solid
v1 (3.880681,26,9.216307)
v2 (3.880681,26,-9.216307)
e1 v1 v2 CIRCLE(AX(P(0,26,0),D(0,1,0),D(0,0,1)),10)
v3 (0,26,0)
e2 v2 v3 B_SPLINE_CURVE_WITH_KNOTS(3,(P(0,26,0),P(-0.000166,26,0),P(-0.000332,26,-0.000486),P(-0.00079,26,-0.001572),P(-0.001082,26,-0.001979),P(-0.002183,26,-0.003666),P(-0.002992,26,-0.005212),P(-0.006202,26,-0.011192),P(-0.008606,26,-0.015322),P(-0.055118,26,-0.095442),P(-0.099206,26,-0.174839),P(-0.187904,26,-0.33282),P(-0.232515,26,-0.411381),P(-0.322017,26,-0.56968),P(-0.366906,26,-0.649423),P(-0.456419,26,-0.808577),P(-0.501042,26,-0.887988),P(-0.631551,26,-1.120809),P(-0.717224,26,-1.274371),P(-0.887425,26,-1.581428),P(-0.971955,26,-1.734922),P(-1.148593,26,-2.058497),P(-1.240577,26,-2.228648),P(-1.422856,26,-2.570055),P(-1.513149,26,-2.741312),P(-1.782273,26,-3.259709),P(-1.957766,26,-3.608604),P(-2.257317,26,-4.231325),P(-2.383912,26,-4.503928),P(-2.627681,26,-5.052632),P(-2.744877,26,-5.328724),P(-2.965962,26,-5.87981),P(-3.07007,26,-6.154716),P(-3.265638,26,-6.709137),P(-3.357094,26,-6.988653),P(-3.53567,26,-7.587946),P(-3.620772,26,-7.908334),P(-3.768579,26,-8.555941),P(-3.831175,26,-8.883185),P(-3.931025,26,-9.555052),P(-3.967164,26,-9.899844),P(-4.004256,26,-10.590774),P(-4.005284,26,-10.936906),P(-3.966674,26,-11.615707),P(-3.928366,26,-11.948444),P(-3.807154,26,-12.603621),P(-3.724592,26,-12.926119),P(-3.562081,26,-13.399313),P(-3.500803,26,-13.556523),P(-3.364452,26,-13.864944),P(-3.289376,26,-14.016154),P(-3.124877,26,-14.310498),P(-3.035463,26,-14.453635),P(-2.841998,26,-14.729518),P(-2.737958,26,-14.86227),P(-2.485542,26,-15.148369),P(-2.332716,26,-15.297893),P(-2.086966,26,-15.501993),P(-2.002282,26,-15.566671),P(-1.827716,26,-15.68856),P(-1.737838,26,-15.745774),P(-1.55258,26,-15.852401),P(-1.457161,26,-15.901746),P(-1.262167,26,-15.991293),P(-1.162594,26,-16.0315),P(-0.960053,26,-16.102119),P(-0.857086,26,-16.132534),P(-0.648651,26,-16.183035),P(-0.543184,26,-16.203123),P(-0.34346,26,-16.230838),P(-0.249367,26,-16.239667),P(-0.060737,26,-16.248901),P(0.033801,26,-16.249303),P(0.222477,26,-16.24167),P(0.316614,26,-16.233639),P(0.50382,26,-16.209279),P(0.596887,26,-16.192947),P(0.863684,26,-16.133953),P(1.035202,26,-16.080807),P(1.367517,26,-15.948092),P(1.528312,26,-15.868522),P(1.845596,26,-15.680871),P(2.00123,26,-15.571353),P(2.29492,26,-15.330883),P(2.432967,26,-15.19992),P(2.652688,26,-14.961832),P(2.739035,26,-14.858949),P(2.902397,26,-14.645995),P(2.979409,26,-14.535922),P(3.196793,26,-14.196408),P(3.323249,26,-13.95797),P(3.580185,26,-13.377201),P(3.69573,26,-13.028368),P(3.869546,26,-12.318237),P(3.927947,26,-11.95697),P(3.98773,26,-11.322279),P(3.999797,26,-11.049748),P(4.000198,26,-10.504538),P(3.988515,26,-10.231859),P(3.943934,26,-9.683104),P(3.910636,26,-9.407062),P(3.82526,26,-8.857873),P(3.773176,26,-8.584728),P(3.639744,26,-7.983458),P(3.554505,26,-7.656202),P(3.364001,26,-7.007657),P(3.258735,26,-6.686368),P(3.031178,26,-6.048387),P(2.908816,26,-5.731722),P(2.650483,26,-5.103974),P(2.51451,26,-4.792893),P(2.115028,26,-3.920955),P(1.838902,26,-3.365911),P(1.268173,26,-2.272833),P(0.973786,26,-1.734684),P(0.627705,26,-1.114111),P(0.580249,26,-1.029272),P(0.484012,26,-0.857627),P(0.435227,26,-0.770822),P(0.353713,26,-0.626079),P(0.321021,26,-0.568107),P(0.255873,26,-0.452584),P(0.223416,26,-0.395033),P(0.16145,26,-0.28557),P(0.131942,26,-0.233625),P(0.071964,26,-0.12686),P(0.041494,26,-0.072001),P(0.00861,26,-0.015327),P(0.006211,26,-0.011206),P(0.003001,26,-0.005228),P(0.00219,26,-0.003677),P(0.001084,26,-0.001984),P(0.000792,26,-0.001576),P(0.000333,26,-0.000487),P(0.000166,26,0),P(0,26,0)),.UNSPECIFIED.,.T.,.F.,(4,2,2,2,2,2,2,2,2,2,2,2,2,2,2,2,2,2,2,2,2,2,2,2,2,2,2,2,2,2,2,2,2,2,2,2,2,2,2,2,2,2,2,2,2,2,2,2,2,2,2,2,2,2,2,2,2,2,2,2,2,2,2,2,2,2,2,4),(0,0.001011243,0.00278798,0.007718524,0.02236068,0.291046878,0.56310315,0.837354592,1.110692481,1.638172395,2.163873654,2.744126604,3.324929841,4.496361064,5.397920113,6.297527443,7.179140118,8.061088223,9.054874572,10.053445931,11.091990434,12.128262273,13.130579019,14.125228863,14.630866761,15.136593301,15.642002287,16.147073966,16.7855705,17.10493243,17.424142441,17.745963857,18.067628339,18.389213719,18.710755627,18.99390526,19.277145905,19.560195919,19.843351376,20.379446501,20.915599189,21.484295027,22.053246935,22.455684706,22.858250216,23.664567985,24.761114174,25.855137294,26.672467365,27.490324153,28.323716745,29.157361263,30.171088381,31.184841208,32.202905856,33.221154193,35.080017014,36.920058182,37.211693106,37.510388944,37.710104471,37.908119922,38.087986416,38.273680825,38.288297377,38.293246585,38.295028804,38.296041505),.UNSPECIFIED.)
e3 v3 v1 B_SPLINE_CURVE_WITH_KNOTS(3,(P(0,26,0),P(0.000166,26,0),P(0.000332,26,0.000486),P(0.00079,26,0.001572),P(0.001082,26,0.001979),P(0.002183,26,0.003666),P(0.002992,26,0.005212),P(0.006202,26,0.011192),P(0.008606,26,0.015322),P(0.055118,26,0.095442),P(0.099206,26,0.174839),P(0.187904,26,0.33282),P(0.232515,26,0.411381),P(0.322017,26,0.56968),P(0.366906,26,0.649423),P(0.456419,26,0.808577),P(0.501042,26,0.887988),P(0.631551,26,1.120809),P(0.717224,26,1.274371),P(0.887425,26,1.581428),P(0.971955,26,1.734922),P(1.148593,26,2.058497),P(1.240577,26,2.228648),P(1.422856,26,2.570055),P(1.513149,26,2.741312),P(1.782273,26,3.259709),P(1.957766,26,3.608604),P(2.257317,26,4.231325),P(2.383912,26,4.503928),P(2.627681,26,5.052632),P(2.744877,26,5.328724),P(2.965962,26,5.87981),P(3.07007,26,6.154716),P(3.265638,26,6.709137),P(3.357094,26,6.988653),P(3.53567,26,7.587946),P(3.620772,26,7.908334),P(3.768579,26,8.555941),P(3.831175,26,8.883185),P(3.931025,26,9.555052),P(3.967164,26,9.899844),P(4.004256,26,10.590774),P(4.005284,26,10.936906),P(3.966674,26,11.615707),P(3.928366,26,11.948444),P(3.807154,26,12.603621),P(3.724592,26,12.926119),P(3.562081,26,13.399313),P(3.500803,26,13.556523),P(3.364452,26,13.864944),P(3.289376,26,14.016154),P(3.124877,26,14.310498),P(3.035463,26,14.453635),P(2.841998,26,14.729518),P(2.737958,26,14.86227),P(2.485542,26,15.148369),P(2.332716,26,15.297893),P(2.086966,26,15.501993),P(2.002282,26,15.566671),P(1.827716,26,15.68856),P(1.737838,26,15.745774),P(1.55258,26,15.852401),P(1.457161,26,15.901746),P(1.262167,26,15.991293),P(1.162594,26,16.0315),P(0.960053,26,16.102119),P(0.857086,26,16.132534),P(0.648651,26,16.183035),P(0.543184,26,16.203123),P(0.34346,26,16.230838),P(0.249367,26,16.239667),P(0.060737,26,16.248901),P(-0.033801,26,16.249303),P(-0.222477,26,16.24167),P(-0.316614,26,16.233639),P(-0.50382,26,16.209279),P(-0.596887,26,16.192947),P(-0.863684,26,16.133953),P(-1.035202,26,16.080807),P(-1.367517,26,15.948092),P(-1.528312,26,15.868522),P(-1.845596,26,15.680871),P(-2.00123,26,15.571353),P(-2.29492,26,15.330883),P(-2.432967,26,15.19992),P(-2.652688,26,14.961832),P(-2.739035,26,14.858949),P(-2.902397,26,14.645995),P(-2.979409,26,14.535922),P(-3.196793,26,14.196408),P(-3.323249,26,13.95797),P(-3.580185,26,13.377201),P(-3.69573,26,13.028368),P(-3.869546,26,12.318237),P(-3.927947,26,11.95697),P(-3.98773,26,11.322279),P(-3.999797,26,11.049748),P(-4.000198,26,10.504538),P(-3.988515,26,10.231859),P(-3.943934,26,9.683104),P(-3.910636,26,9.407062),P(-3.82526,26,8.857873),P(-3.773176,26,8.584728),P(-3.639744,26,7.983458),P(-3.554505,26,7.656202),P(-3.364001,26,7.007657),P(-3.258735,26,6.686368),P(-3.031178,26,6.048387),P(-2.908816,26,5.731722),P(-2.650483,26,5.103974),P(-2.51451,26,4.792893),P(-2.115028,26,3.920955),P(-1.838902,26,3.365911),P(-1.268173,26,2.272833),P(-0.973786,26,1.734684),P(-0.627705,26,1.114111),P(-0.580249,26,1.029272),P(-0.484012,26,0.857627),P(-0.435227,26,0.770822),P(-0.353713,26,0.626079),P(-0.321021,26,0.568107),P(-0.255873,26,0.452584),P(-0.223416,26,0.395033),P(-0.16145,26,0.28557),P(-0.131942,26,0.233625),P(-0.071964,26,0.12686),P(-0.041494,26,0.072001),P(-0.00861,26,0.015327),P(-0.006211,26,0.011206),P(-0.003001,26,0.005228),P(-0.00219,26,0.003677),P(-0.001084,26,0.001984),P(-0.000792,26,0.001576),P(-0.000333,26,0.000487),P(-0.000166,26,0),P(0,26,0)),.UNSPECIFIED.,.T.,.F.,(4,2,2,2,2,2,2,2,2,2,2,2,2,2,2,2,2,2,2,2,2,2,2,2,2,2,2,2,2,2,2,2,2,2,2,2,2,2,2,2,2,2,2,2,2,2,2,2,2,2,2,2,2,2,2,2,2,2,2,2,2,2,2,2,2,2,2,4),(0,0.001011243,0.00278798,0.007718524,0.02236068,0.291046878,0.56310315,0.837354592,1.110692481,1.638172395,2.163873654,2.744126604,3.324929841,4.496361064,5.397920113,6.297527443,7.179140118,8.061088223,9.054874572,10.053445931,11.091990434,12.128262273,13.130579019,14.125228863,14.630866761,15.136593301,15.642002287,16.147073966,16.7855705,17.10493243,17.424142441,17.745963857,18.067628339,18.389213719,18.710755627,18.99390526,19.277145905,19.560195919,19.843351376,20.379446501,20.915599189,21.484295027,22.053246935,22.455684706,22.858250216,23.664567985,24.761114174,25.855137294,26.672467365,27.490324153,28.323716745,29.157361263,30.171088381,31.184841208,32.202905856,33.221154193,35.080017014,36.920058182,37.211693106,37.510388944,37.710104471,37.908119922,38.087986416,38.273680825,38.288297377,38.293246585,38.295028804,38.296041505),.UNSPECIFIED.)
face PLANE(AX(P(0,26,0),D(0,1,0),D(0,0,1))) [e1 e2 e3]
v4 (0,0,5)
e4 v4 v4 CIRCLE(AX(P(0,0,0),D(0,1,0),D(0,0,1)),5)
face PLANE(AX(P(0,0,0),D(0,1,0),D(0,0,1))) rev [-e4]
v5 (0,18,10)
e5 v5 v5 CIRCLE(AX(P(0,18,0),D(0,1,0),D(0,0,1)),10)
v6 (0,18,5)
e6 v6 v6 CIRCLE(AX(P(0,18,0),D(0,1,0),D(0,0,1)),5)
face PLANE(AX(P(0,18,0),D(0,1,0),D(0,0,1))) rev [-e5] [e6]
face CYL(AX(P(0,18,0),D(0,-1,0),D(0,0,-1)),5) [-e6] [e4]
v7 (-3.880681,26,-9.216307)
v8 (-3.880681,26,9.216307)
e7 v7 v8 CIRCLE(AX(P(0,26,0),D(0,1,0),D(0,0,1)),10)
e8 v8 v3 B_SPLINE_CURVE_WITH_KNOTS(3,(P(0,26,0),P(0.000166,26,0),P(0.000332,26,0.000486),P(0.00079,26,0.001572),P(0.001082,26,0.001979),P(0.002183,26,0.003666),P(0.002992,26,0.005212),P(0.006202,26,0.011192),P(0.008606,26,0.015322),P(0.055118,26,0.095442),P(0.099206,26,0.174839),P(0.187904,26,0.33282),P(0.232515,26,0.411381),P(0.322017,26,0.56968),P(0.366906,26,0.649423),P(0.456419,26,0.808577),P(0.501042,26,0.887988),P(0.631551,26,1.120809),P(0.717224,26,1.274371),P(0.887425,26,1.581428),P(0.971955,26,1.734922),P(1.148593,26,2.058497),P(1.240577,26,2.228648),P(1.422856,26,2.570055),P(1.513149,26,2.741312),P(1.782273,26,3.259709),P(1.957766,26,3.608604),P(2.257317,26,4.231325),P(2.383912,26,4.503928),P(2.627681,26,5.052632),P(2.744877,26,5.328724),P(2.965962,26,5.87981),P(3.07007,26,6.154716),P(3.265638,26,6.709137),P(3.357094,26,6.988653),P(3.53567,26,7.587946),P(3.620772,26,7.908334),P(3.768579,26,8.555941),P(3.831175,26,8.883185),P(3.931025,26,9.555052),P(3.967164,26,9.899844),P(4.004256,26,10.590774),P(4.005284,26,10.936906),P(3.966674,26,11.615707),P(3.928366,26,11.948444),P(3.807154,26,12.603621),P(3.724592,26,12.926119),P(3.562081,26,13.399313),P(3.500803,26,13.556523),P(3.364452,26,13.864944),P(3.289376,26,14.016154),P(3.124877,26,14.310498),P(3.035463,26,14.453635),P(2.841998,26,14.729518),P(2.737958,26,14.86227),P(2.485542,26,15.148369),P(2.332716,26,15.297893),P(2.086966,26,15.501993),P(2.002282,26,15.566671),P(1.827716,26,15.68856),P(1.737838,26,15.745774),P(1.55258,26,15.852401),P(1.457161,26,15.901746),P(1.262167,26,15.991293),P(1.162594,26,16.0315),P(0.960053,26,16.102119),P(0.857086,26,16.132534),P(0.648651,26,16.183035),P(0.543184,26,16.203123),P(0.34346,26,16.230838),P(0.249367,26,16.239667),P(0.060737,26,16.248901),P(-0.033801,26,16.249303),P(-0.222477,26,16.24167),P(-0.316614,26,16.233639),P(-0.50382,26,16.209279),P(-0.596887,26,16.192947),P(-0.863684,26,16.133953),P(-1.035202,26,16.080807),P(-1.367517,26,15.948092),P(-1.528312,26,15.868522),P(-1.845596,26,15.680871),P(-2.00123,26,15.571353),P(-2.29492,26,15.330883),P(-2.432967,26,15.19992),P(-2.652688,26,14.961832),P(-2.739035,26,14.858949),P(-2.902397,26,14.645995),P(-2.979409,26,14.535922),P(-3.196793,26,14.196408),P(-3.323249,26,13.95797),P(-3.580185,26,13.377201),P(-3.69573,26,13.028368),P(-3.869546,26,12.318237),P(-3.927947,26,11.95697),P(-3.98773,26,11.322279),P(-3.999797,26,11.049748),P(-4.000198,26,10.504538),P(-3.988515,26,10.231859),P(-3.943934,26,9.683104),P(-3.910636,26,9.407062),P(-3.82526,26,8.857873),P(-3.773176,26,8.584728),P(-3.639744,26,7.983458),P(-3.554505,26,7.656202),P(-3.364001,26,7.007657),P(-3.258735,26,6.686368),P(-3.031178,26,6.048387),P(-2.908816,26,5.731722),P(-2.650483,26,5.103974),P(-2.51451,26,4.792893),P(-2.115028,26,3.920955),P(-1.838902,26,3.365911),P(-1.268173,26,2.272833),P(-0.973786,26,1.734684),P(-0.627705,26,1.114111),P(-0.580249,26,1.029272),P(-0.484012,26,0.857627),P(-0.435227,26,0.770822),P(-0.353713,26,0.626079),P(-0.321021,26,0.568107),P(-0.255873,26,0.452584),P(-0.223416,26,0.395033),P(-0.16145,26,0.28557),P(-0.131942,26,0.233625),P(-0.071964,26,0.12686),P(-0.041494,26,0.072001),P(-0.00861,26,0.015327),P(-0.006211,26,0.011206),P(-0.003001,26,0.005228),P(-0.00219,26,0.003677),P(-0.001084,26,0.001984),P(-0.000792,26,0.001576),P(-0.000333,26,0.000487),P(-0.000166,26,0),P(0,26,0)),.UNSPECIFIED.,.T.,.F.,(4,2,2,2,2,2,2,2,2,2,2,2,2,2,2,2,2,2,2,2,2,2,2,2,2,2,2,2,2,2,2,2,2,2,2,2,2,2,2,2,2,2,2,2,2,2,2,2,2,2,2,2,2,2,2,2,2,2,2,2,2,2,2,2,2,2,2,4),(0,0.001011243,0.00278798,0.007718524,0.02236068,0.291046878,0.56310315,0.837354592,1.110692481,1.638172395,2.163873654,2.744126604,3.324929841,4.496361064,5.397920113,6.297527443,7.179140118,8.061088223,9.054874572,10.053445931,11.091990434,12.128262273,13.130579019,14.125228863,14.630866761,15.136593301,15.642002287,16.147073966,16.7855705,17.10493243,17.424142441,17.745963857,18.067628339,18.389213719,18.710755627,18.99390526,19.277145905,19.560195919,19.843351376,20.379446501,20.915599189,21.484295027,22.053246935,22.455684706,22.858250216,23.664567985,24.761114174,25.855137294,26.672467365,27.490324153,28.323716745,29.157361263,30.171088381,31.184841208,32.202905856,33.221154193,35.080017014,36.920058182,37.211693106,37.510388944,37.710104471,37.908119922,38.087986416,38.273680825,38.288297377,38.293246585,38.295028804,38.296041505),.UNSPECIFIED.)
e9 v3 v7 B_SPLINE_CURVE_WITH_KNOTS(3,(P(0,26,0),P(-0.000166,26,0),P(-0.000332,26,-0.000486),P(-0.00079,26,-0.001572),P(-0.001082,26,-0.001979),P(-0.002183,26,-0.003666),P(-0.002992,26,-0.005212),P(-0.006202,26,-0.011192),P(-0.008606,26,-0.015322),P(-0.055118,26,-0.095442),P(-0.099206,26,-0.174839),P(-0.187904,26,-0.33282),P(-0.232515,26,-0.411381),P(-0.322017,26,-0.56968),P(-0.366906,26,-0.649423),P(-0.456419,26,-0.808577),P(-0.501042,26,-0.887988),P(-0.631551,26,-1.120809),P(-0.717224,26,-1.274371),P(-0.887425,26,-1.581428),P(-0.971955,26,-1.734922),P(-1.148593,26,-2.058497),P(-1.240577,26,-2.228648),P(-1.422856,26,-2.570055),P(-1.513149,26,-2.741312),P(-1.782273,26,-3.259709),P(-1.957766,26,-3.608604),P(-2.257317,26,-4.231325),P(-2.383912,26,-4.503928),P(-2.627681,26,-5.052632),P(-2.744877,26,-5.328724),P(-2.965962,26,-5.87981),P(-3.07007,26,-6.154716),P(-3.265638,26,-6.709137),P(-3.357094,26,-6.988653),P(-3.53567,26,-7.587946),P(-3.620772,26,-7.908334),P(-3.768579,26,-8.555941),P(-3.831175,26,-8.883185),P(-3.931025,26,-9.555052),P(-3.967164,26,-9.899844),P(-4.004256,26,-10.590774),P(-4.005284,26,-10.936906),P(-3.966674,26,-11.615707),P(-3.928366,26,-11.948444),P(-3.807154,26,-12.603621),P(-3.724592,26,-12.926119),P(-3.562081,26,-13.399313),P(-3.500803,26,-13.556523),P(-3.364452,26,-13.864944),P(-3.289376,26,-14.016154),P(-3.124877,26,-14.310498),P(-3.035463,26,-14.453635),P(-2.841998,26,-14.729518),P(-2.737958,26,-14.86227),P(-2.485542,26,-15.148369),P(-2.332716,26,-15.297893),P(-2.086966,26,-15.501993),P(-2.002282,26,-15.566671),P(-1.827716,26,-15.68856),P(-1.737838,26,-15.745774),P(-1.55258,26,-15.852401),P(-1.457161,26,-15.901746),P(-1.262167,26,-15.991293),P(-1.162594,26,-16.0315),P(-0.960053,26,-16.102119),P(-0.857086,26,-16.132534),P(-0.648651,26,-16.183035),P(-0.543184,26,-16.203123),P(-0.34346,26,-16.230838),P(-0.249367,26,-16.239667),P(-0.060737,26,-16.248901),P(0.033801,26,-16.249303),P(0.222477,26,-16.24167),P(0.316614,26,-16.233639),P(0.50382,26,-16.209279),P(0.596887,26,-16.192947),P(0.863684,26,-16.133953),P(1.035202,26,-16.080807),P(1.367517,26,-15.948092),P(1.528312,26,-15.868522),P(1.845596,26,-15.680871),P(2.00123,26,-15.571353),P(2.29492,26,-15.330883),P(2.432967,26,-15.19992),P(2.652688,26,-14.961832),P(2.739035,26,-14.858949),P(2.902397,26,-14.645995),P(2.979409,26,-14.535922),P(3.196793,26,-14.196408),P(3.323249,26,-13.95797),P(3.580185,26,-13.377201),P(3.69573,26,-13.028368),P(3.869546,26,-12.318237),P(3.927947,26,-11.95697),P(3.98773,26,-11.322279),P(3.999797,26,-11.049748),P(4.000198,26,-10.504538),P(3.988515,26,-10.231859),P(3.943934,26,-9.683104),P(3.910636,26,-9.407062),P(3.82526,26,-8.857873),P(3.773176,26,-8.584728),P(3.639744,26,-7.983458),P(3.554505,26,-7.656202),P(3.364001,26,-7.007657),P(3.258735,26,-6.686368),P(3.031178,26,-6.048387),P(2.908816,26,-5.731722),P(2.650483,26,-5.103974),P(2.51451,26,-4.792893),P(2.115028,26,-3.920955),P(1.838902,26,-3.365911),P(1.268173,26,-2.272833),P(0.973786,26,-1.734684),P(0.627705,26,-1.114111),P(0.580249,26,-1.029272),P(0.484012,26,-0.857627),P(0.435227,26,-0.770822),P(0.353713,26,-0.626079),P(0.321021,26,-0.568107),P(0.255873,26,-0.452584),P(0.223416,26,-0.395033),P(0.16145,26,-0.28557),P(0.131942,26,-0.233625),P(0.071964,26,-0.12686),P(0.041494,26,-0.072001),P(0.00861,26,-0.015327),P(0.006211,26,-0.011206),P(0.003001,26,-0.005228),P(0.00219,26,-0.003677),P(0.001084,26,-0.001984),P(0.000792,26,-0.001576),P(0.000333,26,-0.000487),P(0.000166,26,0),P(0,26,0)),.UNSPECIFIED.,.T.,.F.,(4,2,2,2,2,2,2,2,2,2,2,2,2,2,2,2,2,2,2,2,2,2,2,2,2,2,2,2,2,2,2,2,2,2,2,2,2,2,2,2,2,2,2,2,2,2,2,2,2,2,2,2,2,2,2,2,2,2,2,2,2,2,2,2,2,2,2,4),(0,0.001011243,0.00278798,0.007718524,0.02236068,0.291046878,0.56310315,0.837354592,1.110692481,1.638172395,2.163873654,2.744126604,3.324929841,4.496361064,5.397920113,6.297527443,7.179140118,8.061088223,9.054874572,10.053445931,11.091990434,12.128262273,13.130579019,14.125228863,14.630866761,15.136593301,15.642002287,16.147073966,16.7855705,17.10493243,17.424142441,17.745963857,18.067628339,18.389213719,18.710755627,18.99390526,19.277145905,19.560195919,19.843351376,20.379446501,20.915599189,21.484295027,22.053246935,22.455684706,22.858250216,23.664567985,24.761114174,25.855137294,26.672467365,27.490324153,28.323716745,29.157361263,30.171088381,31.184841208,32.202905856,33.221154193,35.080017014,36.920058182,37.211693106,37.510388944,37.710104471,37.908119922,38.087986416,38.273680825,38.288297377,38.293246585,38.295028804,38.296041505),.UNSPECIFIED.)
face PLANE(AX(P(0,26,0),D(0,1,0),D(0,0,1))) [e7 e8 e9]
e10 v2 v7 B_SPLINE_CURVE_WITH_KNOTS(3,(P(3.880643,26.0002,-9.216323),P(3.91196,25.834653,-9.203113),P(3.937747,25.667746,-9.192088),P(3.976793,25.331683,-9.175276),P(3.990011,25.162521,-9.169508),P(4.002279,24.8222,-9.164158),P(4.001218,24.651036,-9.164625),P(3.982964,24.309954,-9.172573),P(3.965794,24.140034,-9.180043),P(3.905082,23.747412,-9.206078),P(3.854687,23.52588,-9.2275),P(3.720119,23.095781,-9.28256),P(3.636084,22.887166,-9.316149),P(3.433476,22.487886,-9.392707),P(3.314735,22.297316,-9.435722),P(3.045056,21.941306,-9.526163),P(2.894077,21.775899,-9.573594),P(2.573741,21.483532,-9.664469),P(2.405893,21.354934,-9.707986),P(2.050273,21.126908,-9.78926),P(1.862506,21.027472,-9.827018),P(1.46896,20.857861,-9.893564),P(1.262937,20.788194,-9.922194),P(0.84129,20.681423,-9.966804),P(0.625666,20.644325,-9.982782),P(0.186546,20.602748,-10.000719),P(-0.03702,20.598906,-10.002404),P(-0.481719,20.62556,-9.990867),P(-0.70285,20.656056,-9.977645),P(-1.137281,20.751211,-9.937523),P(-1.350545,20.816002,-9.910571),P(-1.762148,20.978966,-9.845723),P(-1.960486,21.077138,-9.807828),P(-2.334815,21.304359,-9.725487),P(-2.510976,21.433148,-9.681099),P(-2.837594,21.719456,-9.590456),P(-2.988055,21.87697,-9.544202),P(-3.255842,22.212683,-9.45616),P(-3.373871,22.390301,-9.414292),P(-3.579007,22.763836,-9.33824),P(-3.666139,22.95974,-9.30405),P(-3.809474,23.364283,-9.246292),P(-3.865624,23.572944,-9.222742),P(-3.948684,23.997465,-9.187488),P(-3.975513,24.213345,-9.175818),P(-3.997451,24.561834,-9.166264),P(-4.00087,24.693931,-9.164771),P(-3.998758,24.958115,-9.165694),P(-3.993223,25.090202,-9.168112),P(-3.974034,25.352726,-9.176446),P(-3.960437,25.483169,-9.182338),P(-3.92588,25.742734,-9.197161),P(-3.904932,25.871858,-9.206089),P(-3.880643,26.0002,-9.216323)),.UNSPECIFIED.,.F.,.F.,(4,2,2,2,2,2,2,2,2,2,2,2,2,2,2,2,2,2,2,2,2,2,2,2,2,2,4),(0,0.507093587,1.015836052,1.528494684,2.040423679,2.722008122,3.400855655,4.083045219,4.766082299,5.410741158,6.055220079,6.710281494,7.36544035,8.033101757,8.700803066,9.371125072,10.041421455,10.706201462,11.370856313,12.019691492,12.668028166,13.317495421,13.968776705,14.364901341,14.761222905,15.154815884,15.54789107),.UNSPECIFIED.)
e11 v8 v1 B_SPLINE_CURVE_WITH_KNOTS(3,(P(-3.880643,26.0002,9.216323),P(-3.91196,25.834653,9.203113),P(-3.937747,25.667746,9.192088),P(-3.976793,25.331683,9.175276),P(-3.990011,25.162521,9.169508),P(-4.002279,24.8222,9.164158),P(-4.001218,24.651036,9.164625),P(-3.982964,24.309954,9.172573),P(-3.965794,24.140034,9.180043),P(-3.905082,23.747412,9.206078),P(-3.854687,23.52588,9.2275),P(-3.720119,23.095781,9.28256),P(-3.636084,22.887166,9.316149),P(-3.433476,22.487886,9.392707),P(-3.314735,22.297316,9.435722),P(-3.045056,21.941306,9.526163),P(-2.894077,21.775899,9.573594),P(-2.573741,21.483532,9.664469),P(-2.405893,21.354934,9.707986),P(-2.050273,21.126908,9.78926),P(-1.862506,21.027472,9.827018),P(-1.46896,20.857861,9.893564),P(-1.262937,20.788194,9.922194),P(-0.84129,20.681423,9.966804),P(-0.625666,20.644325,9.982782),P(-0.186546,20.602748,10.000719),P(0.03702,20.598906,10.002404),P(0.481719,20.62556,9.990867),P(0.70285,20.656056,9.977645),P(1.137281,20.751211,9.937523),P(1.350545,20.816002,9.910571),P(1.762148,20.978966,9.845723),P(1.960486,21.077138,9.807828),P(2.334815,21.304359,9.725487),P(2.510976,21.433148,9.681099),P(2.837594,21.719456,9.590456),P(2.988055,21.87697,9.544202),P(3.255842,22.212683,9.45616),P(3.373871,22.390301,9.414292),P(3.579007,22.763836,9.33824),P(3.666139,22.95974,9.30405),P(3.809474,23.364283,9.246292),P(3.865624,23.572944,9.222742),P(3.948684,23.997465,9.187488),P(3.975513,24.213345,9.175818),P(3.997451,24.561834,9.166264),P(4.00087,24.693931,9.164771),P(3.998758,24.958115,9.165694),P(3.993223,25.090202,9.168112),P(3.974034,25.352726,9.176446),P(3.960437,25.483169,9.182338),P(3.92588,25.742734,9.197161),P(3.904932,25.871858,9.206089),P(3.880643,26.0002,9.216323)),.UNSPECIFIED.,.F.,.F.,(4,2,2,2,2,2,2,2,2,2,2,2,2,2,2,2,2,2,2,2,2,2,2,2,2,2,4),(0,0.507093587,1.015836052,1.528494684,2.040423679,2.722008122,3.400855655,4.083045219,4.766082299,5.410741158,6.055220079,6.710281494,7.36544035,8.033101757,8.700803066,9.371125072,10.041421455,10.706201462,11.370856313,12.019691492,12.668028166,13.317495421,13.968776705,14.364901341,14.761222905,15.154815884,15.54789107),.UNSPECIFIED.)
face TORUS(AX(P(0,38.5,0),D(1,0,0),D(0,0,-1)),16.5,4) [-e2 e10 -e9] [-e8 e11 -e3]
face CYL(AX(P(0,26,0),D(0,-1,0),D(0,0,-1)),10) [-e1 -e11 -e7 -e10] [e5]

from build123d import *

# Parameters (mm, degrees)
SKETCH_1_R      = 5
EXTRUDE_1_DEPTH = 18
SKETCH_2_R      = 10
EXTRUDE_2_DEPTH = 8
SKETCH_3D_1_R   = 4


with BuildPart() as part:
    # 草圖1 → 填料-伸長1 (new body)
    with BuildSketch(Plane(origin=(0, 0, 0), x_dir=(1, 0, 0), z_dir=(0, 1, 0))):
        with Locations(Location((0, 0, 0), (0, 0, 270))):
            Circle(SKETCH_1_R)
    extrude(amount=EXTRUDE_1_DEPTH)

    # 草圖2 → 填料-伸長2 (add)
    with BuildSketch(Plane(origin=(0, 18, 0), x_dir=(1, 0, 0), z_dir=(0, 1, 0))):
        with Locations(Location((0, 0, 0), (0, 0, 270))):
            Circle(SKETCH_2_R)
    extrude(amount=EXTRUDE_2_DEPTH)

    # Sketch 3D_1 → 旋轉1 (revolve)
    with BuildSketch(Plane(origin=(0, 0, 0), x_dir=(-0.14242880634815436, 0.98980504904867, 0), z_dir=(0, 0, -1)), mode=Mode.PRIVATE) as revolve_1_sk:
        with Locations((21.775711079, 3.13343374)):
            Circle(SKETCH_3D_1_R)
    revolve(revolve_1_sk.sketch.rotate(Axis((0, 38.5, 0), (-1, 0, 0)), 180), axis=Axis((0, 38.5, 0), (-1, 0, 0)))


solid = part.part
